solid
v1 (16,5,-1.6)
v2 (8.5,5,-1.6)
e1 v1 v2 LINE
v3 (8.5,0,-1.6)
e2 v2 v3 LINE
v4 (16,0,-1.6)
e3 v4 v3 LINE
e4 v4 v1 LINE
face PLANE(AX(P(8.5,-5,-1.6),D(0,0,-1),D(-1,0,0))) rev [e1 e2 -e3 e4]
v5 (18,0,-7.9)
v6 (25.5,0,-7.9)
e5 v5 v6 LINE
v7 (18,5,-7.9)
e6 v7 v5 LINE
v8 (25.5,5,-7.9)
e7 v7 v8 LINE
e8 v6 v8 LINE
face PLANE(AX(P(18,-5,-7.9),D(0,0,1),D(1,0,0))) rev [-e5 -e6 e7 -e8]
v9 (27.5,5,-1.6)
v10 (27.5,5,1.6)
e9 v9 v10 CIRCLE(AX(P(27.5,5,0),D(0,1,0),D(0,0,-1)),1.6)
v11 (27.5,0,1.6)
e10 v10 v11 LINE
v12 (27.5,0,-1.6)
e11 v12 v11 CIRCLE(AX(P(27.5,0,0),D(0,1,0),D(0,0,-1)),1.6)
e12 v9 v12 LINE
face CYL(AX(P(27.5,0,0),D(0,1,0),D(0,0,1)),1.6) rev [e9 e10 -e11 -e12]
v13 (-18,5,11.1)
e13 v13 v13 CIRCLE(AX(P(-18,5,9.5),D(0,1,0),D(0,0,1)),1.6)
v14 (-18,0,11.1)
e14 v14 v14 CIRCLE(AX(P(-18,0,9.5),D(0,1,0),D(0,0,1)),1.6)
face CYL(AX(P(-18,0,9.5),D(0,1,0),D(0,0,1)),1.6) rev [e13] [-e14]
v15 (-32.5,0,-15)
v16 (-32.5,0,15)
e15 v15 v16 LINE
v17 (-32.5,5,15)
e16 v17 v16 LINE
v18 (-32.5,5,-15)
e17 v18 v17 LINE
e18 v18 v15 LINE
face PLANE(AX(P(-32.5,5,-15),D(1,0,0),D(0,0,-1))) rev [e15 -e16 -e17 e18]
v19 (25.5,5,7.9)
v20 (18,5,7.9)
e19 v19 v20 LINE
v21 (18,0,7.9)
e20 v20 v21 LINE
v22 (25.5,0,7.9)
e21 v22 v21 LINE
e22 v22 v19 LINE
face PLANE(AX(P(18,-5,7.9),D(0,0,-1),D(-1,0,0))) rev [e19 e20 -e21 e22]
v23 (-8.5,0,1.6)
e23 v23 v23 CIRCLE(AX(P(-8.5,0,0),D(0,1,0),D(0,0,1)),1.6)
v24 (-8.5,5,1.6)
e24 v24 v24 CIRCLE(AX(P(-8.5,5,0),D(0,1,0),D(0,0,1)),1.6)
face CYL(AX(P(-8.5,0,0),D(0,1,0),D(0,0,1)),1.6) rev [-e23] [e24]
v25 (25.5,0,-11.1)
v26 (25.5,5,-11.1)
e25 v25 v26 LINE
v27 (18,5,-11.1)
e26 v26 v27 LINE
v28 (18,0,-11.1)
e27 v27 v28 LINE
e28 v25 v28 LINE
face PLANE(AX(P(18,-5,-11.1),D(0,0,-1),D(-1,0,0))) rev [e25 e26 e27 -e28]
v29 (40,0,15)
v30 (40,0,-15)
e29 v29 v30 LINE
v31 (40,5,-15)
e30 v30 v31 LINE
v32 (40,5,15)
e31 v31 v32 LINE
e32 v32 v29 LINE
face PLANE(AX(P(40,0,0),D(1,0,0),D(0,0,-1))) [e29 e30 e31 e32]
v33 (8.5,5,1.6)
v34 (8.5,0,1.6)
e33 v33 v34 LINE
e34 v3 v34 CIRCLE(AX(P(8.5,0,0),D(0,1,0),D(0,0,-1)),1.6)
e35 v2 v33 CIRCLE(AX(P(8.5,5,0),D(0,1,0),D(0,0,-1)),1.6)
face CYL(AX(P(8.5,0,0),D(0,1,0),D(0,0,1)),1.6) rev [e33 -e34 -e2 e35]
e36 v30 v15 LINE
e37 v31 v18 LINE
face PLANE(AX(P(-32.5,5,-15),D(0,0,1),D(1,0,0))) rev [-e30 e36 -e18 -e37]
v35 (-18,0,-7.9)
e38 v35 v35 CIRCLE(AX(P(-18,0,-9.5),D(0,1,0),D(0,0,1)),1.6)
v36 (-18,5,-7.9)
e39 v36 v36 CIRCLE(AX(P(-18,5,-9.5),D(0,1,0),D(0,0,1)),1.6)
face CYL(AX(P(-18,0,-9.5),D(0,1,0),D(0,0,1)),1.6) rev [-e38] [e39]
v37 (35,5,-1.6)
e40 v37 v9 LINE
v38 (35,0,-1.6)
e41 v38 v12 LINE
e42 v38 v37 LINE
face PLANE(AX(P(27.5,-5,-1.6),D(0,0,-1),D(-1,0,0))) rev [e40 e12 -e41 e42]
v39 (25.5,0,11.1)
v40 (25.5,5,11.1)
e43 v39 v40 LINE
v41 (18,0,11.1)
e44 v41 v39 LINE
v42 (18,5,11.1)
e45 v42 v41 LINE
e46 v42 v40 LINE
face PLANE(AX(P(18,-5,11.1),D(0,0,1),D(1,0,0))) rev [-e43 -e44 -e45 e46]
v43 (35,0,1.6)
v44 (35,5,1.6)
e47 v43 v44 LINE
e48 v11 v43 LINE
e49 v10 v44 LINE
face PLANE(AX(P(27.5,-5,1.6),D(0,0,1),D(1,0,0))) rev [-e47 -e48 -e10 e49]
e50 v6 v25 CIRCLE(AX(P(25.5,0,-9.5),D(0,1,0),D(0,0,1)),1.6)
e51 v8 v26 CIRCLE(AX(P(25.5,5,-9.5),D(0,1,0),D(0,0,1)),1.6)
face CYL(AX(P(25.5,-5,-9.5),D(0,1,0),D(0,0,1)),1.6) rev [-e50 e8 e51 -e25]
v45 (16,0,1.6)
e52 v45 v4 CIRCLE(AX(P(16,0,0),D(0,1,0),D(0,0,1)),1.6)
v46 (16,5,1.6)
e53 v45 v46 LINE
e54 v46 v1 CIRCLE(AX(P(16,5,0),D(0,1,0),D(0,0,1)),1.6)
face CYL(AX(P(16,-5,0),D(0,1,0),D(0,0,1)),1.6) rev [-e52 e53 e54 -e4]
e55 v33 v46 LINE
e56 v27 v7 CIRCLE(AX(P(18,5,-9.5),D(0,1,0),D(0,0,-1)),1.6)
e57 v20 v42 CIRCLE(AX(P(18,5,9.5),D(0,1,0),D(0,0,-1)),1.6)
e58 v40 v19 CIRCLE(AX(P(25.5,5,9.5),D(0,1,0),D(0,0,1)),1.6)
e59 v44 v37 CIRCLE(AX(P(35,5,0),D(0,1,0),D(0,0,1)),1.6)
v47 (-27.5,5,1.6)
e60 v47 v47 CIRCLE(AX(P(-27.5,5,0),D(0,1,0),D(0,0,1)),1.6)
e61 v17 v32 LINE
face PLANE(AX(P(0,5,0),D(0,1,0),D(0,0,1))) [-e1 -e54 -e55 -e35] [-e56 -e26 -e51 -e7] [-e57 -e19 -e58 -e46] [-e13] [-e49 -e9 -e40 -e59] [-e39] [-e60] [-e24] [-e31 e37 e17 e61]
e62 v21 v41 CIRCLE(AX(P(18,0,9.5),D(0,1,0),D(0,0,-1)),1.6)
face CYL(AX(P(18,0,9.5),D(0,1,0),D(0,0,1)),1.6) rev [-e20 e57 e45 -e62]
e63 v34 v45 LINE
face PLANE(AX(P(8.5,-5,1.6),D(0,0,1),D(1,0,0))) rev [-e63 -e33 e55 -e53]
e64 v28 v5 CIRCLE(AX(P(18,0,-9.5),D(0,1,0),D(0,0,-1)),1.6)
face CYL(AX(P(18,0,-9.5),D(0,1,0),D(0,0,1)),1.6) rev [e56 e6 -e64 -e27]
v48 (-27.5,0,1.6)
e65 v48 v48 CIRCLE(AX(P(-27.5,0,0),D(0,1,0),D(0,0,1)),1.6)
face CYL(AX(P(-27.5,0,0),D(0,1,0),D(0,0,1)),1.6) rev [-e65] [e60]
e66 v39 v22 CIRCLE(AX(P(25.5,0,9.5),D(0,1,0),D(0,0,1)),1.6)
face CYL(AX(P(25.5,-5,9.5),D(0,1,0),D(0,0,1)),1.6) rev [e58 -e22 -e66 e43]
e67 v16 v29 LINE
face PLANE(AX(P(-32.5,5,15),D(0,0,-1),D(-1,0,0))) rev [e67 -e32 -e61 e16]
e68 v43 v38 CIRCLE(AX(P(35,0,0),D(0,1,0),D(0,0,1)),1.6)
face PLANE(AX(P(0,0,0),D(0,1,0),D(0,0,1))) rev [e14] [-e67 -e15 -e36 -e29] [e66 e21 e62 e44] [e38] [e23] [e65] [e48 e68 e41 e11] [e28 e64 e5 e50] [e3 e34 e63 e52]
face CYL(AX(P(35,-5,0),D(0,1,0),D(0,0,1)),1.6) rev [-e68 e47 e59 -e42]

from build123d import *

# Parameters (mm, degrees)
SKETCH2_W           = 65
SKETCH2_H           = 30
BOSS_EXTRUDE1_DEPTH = 5
SKETCH3_R           = 1.6
CUT_EXTRUDE1_DEPTH  = 37.142080737
SKETCH5_W           = 30
SKETCH5_H           = 5
BOSS_EXTRUDE2_DEPTH = 7.5
CUT_EXTRUDE2_DEPTH  = 10


with BuildPart() as part:
    # Sketch2 → Boss-Extrude1 (new body)
    with BuildSketch(Plane(origin=(0, 0, 0), x_dir=(1, 0, 0), z_dir=(0, 1, 0))):
        Rectangle(SKETCH2_W, SKETCH2_H)
    extrude(amount=BOSS_EXTRUDE1_DEPTH)

    # Sketch3 → Cut-Extrude1 (cut, through all)
    with BuildSketch(Plane(origin=(0, 5, 0), x_dir=(1, 0, 0), z_dir=(0, 1, 0))):
        with Locations(Location((-27.5, 0, 0), (0, 0, 270))):
            Circle(SKETCH3_R)
        with Locations(Location((-18, 9.5, 0), (0, 0, 270))):
            Circle(SKETCH3_R)
        with Locations(Location((-8.5, 0, 0), (0, 0, 270))):
            Circle(SKETCH3_R)
        with Locations(Location((-18, -9.5, 0), (0, 0, 270))):
            Circle(SKETCH3_R)
        with Locations(Location((18, -9.5, 0), (0, 0, 90))):
            Circle(SKETCH3_R)
        with Locations(Location((27.5, 0, 0), (0, 0, 90))):
            Circle(SKETCH3_R)
        with Locations(Location((18, 9.5, 0), (0, 0, 90))):
            Circle(SKETCH3_R)
        with Locations(Location((8.5, 0, 0), (0, 0, 90))):
            Circle(SKETCH3_R)
    extrude(amount=-CUT_EXTRUDE1_DEPTH, mode=Mode.SUBTRACT)

    # Sketch5 → Boss-Extrude2 (add)
    with BuildSketch(Plane(origin=(32.5, 0, 0), x_dir=(0, 0, -1), z_dir=(1, 0, 0))):
        with Locations((0, 2.5)):
            Rectangle(SKETCH5_W, SKETCH5_H)
    extrude(amount=BOSS_EXTRUDE2_DEPTH)

    # Sketch4 → Cut-Extrude2 (cut)
    with BuildSketch(Plane(origin=(0, 5, 0), x_dir=(1, 0, 0), z_dir=(0, 1, 0))):
        with BuildLine():
            Line((8.5, 1.6), (16, 1.6))
            ThreePointArc((16, 1.6), (17.6, 0), (16, -1.6))
            Line((16, -1.6), (8.5, -1.6))
            ThreePointArc((8.5, -1.6), (6.9, 0), (8.5, 1.6))
        make_face()
        with BuildLine():
            Line((27.5, 1.6), (35, 1.6))
            ThreePointArc((35, 1.6), (36.6, 0), (35, -1.6))
            Line((35, -1.6), (27.5, -1.6))
            ThreePointArc((27.5, -1.6), (25.9, 0), (27.5, 1.6))
        make_face()
        with BuildLine():
            Line((18, -7.9), (25.5, -7.9))
            ThreePointArc((25.5, -7.9), (27.1, -9.5), (25.5, -11.1))
            Line((25.5, -11.1), (18, -11.1))
            ThreePointArc((18, -11.1), (16.4, -9.5), (18, -7.9))
        make_face()
        with BuildLine():
            Line((18, 11.1), (25.5, 11.1))
            ThreePointArc((25.5, 11.1), (27.1, 9.5), (25.5, 7.9))
            Line((25.5, 7.9), (18, 7.9))
            ThreePointArc((18, 7.9), (16.4, 9.5), (18, 11.1))
        make_face()
    extrude(amount=-CUT_EXTRUDE2_DEPTH, mode=Mode.SUBTRACT)


solid = part.part
